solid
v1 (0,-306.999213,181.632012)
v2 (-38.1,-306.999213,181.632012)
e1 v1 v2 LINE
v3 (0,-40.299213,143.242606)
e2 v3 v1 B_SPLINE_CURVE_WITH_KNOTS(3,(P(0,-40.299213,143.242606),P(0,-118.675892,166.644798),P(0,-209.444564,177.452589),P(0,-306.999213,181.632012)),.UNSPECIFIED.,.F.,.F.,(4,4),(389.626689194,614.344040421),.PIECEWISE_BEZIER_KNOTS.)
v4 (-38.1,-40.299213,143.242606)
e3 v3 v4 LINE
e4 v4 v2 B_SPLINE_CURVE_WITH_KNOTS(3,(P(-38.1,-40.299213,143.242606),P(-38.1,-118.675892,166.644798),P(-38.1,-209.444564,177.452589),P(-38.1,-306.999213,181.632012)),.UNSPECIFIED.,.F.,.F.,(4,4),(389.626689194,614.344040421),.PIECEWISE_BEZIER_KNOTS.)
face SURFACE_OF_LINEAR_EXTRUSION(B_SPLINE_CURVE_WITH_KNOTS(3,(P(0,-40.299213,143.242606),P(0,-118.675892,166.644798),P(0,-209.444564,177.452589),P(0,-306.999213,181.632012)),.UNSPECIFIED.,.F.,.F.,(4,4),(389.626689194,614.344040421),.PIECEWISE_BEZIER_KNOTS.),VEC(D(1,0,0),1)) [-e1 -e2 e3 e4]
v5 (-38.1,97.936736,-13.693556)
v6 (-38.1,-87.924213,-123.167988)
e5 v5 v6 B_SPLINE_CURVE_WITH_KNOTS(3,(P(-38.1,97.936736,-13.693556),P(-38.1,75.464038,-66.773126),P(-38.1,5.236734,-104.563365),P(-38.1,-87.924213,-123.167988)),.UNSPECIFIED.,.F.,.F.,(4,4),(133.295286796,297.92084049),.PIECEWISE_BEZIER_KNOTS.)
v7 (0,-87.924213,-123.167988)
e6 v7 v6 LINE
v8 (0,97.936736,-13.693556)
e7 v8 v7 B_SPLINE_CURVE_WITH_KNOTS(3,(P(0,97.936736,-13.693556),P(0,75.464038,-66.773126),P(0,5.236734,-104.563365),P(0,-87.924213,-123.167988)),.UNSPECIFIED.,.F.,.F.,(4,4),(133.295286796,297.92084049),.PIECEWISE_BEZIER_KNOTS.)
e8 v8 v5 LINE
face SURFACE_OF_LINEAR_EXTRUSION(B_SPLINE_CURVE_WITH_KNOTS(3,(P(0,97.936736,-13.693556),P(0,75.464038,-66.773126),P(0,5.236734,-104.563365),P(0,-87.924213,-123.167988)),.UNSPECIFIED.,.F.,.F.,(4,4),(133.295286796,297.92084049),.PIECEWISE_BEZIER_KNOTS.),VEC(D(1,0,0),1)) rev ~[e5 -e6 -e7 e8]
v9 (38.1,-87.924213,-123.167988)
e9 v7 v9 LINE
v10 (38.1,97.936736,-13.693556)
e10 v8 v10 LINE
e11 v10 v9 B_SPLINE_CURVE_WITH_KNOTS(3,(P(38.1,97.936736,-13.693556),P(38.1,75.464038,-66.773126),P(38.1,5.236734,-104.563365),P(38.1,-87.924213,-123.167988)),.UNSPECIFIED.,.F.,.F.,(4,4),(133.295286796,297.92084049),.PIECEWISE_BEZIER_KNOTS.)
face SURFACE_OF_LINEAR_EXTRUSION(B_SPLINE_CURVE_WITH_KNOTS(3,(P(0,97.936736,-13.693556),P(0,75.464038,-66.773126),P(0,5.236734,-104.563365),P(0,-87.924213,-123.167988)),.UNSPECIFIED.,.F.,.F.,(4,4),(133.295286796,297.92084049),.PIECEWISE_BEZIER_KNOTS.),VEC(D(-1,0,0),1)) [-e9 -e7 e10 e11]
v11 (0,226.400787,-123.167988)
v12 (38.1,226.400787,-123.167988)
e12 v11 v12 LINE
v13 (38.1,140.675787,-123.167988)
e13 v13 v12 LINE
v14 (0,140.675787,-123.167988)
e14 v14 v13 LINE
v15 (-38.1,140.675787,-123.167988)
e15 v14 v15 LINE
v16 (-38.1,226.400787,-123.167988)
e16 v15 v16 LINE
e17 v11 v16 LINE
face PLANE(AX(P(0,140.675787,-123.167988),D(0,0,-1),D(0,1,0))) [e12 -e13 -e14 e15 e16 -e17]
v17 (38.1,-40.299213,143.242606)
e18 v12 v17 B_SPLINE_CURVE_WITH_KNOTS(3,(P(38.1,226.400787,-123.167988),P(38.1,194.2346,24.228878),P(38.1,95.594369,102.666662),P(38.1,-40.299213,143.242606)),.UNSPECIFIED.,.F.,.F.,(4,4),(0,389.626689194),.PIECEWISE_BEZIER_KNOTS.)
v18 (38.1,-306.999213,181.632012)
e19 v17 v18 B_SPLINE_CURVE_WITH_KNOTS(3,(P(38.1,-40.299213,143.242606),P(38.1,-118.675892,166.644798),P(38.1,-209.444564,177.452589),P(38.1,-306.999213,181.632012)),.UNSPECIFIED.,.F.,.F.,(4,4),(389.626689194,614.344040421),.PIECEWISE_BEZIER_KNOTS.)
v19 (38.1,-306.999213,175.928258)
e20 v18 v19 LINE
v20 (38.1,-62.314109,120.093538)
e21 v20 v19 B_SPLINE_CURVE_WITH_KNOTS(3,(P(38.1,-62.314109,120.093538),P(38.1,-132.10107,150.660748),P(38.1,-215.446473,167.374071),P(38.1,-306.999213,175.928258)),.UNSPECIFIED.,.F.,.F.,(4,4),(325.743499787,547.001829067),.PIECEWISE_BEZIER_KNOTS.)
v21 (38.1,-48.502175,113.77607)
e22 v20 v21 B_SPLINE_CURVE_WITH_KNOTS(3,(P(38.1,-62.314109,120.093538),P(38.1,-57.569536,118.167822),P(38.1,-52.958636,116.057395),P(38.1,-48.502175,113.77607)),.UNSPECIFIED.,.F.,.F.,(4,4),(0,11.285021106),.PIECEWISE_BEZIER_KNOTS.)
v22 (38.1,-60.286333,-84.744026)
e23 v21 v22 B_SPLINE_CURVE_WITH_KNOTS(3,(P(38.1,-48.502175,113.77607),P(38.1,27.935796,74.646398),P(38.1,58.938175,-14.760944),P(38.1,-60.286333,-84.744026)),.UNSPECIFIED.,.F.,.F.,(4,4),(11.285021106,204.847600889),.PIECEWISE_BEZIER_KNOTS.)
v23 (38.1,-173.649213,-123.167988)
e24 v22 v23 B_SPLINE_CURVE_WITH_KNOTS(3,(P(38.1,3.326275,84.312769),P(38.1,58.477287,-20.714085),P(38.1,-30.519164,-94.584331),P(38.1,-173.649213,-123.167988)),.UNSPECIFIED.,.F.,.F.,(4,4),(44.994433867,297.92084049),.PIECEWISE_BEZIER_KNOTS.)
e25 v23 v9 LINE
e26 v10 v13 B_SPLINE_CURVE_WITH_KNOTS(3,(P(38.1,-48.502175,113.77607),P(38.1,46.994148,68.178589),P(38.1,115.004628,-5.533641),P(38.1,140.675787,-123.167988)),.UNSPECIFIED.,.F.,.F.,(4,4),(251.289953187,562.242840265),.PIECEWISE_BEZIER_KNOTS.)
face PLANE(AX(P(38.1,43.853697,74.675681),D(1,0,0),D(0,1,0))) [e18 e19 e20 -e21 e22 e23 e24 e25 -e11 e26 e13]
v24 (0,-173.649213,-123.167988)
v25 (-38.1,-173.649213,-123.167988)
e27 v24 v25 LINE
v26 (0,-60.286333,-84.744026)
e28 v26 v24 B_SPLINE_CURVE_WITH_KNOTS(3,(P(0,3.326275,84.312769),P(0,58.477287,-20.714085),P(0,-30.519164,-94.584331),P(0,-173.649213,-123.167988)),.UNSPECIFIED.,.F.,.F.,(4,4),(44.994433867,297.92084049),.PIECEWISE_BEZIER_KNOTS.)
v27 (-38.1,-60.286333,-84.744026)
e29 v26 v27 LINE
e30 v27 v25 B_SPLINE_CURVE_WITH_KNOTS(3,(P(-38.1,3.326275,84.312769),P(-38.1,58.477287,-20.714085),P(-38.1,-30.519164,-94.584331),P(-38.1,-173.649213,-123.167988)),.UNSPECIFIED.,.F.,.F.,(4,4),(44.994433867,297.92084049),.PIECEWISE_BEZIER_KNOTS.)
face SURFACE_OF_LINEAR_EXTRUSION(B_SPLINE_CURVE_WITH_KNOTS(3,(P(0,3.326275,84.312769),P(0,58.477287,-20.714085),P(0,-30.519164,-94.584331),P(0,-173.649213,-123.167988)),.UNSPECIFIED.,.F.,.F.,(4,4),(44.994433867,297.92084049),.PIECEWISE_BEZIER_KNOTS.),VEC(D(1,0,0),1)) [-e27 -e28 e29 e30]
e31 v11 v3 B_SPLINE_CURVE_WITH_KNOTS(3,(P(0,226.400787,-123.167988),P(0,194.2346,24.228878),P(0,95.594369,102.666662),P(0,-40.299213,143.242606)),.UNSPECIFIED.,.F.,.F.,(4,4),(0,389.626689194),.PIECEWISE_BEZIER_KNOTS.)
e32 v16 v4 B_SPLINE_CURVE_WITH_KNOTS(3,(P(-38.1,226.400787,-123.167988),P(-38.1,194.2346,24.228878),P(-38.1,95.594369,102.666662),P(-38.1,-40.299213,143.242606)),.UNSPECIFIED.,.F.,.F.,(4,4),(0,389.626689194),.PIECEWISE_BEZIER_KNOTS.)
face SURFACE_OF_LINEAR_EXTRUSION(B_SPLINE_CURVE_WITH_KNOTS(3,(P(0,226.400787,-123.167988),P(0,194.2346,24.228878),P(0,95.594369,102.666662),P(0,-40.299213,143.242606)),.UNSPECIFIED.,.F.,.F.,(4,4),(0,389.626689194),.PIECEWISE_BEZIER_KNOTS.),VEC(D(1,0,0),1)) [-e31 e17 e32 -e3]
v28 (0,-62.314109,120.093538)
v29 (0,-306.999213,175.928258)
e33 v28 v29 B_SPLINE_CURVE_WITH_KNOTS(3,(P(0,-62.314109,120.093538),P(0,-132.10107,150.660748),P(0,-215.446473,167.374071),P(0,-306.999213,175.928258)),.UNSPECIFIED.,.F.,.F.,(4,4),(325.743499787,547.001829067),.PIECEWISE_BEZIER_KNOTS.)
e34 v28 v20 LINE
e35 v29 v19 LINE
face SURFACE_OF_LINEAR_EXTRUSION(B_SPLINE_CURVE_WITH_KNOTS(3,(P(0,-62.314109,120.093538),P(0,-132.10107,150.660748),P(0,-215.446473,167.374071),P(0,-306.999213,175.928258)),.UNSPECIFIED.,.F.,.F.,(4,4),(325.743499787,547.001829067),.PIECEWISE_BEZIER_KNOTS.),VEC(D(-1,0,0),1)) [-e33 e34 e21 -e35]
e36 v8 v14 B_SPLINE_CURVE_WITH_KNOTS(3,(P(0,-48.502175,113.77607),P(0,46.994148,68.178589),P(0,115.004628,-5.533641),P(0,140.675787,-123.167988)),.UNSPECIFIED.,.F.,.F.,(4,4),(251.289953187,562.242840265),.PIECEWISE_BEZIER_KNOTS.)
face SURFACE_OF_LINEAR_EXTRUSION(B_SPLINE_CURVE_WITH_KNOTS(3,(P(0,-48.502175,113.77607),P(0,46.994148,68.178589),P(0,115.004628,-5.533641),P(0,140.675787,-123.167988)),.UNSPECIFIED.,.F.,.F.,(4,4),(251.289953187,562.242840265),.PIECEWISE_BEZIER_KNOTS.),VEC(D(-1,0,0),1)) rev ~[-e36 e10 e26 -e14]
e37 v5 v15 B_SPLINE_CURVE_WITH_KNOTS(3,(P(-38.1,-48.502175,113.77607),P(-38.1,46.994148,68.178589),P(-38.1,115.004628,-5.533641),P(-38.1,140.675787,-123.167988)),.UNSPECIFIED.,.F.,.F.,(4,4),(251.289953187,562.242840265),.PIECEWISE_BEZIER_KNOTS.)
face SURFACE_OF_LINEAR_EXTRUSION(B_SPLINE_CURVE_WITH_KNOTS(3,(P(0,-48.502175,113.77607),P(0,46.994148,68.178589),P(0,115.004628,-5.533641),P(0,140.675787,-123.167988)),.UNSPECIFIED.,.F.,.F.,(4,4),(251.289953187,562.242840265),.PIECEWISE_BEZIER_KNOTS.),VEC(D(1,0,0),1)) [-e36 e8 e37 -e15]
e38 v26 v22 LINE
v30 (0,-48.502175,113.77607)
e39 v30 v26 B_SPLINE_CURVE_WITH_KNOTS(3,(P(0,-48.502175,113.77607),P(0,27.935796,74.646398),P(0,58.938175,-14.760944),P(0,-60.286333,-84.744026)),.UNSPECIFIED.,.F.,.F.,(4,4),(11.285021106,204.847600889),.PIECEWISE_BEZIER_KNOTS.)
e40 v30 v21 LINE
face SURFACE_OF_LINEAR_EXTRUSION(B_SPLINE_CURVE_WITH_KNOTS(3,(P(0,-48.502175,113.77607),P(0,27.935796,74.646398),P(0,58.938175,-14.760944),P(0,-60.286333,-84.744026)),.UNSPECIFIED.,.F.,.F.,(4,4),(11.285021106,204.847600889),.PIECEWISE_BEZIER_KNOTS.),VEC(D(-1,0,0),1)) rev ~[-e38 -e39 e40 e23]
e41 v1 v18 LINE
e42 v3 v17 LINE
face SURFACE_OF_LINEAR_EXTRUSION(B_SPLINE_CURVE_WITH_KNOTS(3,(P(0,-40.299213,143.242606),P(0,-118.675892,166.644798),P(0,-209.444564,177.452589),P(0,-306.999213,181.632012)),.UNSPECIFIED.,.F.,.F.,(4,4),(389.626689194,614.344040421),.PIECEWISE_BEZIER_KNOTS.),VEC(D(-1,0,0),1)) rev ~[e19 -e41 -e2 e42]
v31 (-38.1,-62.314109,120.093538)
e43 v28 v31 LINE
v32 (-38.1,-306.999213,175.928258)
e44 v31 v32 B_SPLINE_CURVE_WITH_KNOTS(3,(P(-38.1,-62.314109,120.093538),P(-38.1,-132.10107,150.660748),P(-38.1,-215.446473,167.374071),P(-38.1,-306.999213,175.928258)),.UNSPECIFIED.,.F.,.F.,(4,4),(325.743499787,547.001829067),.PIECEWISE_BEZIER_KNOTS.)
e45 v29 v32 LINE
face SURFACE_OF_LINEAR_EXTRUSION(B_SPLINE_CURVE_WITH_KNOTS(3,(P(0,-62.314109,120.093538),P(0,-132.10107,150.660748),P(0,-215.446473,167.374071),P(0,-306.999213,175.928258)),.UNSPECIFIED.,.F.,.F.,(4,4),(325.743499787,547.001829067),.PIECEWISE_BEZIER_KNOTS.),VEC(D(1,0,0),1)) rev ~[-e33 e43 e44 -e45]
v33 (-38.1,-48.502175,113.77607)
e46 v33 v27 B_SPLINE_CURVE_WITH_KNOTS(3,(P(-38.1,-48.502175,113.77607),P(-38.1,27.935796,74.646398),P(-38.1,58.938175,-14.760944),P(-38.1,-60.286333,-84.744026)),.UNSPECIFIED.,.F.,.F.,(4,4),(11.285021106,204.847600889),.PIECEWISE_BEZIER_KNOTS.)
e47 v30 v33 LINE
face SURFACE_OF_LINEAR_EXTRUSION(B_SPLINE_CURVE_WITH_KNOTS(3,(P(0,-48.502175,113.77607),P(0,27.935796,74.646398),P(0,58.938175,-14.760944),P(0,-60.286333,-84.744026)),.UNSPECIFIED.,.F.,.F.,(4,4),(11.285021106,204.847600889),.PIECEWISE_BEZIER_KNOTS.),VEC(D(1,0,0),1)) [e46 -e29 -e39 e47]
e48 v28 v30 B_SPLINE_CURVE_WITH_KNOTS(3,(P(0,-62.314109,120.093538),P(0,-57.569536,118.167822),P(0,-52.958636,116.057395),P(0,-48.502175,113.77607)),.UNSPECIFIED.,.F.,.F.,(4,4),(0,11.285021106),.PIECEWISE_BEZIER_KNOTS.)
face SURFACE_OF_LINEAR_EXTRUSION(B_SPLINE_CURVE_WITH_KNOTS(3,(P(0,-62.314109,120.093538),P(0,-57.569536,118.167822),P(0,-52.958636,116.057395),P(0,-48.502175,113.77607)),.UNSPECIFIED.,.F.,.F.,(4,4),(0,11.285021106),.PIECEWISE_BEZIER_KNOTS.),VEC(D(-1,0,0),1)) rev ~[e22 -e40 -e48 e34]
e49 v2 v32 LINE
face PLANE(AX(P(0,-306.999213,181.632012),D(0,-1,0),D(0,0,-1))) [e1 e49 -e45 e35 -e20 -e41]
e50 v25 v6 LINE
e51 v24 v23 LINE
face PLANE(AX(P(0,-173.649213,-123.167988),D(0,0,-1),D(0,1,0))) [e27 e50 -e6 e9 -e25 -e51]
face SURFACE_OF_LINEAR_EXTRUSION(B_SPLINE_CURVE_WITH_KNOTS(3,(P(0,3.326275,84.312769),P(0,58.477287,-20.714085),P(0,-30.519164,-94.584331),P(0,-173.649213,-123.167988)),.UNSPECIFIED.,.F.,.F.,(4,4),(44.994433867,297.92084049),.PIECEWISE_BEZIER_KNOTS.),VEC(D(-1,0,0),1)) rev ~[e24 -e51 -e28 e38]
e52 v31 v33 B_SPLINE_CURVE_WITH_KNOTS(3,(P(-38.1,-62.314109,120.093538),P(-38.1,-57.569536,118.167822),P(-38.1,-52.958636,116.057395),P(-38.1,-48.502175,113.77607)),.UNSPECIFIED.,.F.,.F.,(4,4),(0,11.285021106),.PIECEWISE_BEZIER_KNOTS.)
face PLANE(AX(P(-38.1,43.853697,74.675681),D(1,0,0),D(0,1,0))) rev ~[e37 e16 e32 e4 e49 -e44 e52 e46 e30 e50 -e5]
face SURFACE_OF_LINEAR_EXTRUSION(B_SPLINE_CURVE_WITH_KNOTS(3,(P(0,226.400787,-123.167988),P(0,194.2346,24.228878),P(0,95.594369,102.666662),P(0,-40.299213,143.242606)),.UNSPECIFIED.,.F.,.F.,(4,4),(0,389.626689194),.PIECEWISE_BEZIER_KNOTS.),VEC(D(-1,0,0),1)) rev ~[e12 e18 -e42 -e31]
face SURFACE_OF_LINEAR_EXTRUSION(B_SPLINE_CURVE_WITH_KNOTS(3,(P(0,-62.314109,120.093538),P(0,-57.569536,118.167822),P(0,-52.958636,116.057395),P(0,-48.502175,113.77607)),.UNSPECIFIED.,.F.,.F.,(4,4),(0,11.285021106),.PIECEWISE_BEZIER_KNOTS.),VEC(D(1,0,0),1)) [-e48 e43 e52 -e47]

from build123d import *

# Parameters (mm, degrees)
F1_DEPTH      = 38.1
F1_DEPTH_BACK = 38.1


with BuildPart() as f1:
    # F0 (on Right) → F1 (new body, two sides)
    with BuildSketch(Plane.YZ) as f1_sk:
        with BuildLine():
            add(Edge.make_bspline(
                [(89.0512747676, 84.3127688874), (51.5025046877, 109.6568065781), (7.9497262135, 128.8361399685), (-40.2992134272, 143.2426060549)],
                knots=[251.2899531871, 251.2899531871, 251.2899531871, 251.2899531871, 389.6266891942, 389.6266891942, 389.6266891942, 389.6266891942], degree=3))
            add(Edge.make_bspline(
                [(-40.2992134273, 143.2426060546), (-20.8577433202, 122.6663541214), (-6.4848342863, 102.9965586878), (3.3262747677, 84.3127688872)],
                knots=[0, 0, 0, 0, 44.9944338672, 44.9944338672, 44.9944338672, 44.9944338672], degree=3))
            add(Edge.make_bspline(
                [(97.9367360944, -13.693555973), (73.5382257251, 26.3390121062), (41.5418172622, 58.5186843595), (3.3262747677, 84.3127688872)],
                knots=[110.4967021115, 110.4967021115, 110.4967021115, 110.4967021115, 251.2899531868, 251.2899531868, 251.2899531868, 251.2899531868], degree=3))
            add(Edge.make_bspline(
                [(89.0512747676, 84.3127688874), (108.3054185182, 47.6461318492), (109.9905052366, 14.7769408359), (97.9367360944, -13.693555973)],
                knots=[44.994433867, 44.994433867, 44.994433867, 44.994433867, 133.2952867965, 133.2952867965, 133.2952867965, 133.2952867965], degree=3))
        make_face()
        with BuildLine():
            add(Edge.make_bspline(
                [(226.4007865727, -123.1679881383), (205.6551866214, -28.1042958821), (157.2589609394, 38.2750913429), (89.0512747676, 84.3127688874)],
                knots=[0, 0, 0, 0, 251.2899531871, 251.2899531871, 251.2899531871, 251.2899531871], degree=3))
            add(Edge.make_bspline(
                [(89.0512747676, 84.3127688874), (108.3054185182, 47.6461318492), (109.9905052366, 14.7769408359), (97.9367360944, -13.693555973)],
                knots=[44.994433867, 44.994433867, 44.994433867, 44.994433867, 133.2952867965, 133.2952867965, 133.2952867965, 133.2952867965], degree=3))
            add(Edge.make_bspline(
                [(140.6757865727, -123.1679881383), (131.5535739698, -81.366776623), (117.0850611145, -45.111729188), (97.9367360944, -13.693555973)],
                knots=[0, 0, 0, 0, 110.4967021115, 110.4967021115, 110.4967021115, 110.4967021115], degree=3))
            Line((140.6757865727, -123.1679881383), (226.4007865727, -123.1679881383))
        make_face()
        with BuildLine():
            add(Edge.make_bspline(
                [(-40.2992134273, 143.2426060546), (-20.8577433202, 122.6663541214), (-6.4848342863, 102.9965586878), (3.3262747677, 84.3127688872)],
                knots=[0, 0, 0, 0, 44.9944338672, 44.9944338672, 44.9944338672, 44.9944338672], degree=3))
            add(Edge.make_bspline(
                [(-40.2992134272, 143.2426060549), (-118.6758921642, 166.644798364), (-209.444563868, 177.4525894237), (-306.9992134273, 181.6320118621)],
                knots=[389.6266891942, 389.6266891942, 389.6266891942, 389.6266891942, 614.3440404205, 614.3440404205, 614.3440404205, 614.3440404205], degree=3))
            Line((-306.9992134273, 181.6320118621), (-306.9992134273, 175.9282581051))
            add(Edge.make_bspline(
                [(-62.3141094232, 120.0935377835), (-132.1010704471, 150.6607475907), (-215.4464728571, 167.3740709192), (-306.9992134273, 175.9282581051)],
                knots=[325.7434997871, 325.7434997871, 325.7434997871, 325.7434997871, 547.0018290671, 547.0018290671, 547.0018290671, 547.0018290671], degree=3))
            add(Edge.make_bspline(
                [(-62.3141094232, 120.0935377835), (-57.569536239, 118.1678217564), (-52.9586357331, 116.0573946954), (-48.5021746362, 113.7760695913)],
                knots=[0, 0, 0, 0, 11.285021106, 11.285021106, 11.285021106, 11.285021106], degree=3))
            add(Edge.make_bspline(
                [(3.3262747677, 84.3127688872), (-12.8680482417, 95.2433408301), (-30.1791713746, 105.0272217507), (-48.5021746362, 113.7760695913)],
                knots=[251.2899531868, 251.2899531868, 251.2899531868, 251.2899531868, 310.952887078, 310.952887078, 310.952887078, 310.952887078], degree=3))
        make_face()
        with BuildLine():
            add(Edge.make_bspline(
                [(3.3262747677, 84.3127688872), (41.6453572527, 11.3398074654), (10.3770996492, -46.5922688635), (-60.2863327619, -84.7440264271)],
                knots=[44.9944338672, 44.9944338672, 44.9944338672, 44.9944338672, 220.7284322597, 220.7284322597, 220.7284322597, 220.7284322597], degree=3))
            add(Edge.make_bspline(
                [(3.3262747677, 84.3127688872), (-12.8680482417, 95.2433408301), (-30.1791713746, 105.0272217507), (-48.5021746362, 113.7760695913)],
                knots=[251.2899531868, 251.2899531868, 251.2899531868, 251.2899531868, 310.952887078, 310.952887078, 310.952887078, 310.952887078], degree=3))
            add(Edge.make_bspline(
                [(-48.5021746362, 113.7760695913), (27.9357955296, 74.6463977604), (58.938174531, -14.7609439509), (-60.2863327619, -84.7440264271)],
                knots=[11.285021106, 11.285021106, 11.285021106, 11.285021106, 204.8476008888, 204.8476008888, 204.8476008888, 204.8476008888], degree=3))
        make_face()
        with BuildLine():
            add(Edge.make_bspline(
                [(97.9367360944, -13.693555973), (73.5382257251, 26.3390121062), (41.5418172622, 58.5186843595), (3.3262747677, 84.3127688872)],
                knots=[110.4967021115, 110.4967021115, 110.4967021115, 110.4967021115, 251.2899531868, 251.2899531868, 251.2899531868, 251.2899531868], degree=3))
            add(Edge.make_bspline(
                [(3.3262747677, 84.3127688872), (41.6453572527, 11.3398074654), (10.3770996492, -46.5922688635), (-60.2863327619, -84.7440264271)],
                knots=[44.9944338672, 44.9944338672, 44.9944338672, 44.9944338672, 220.7284322597, 220.7284322597, 220.7284322597, 220.7284322597], degree=3))
            add(Edge.make_bspline(
                [(-60.2863327619, -84.7440264271), (-91.3257478525, -101.5024571889), (-129.9663361934, -114.4443385734), (-173.6492134273, -123.1679881383)],
                knots=[220.7284322597, 220.7284322597, 220.7284322597, 220.7284322597, 297.9208404899, 297.9208404899, 297.9208404899, 297.9208404899], degree=3))
            Line((-173.6492134273, -123.1679881383), (-87.9242134273, -123.1679881383))
            add(Edge.make_bspline(
                [(97.9367360944, -13.693555973), (75.4640378893, -66.7731259386), (5.2367335677, -104.5633653163), (-87.9242134273, -123.1679881383)],
                knots=[133.2952867965, 133.2952867965, 133.2952867965, 133.2952867965, 297.9208404899, 297.9208404899, 297.9208404899, 297.9208404899], degree=3))
        make_face()
    extrude(amount=F1_DEPTH)
    extrude(f1_sk.sketch, amount=-F1_DEPTH_BACK)


solid = f1.part
